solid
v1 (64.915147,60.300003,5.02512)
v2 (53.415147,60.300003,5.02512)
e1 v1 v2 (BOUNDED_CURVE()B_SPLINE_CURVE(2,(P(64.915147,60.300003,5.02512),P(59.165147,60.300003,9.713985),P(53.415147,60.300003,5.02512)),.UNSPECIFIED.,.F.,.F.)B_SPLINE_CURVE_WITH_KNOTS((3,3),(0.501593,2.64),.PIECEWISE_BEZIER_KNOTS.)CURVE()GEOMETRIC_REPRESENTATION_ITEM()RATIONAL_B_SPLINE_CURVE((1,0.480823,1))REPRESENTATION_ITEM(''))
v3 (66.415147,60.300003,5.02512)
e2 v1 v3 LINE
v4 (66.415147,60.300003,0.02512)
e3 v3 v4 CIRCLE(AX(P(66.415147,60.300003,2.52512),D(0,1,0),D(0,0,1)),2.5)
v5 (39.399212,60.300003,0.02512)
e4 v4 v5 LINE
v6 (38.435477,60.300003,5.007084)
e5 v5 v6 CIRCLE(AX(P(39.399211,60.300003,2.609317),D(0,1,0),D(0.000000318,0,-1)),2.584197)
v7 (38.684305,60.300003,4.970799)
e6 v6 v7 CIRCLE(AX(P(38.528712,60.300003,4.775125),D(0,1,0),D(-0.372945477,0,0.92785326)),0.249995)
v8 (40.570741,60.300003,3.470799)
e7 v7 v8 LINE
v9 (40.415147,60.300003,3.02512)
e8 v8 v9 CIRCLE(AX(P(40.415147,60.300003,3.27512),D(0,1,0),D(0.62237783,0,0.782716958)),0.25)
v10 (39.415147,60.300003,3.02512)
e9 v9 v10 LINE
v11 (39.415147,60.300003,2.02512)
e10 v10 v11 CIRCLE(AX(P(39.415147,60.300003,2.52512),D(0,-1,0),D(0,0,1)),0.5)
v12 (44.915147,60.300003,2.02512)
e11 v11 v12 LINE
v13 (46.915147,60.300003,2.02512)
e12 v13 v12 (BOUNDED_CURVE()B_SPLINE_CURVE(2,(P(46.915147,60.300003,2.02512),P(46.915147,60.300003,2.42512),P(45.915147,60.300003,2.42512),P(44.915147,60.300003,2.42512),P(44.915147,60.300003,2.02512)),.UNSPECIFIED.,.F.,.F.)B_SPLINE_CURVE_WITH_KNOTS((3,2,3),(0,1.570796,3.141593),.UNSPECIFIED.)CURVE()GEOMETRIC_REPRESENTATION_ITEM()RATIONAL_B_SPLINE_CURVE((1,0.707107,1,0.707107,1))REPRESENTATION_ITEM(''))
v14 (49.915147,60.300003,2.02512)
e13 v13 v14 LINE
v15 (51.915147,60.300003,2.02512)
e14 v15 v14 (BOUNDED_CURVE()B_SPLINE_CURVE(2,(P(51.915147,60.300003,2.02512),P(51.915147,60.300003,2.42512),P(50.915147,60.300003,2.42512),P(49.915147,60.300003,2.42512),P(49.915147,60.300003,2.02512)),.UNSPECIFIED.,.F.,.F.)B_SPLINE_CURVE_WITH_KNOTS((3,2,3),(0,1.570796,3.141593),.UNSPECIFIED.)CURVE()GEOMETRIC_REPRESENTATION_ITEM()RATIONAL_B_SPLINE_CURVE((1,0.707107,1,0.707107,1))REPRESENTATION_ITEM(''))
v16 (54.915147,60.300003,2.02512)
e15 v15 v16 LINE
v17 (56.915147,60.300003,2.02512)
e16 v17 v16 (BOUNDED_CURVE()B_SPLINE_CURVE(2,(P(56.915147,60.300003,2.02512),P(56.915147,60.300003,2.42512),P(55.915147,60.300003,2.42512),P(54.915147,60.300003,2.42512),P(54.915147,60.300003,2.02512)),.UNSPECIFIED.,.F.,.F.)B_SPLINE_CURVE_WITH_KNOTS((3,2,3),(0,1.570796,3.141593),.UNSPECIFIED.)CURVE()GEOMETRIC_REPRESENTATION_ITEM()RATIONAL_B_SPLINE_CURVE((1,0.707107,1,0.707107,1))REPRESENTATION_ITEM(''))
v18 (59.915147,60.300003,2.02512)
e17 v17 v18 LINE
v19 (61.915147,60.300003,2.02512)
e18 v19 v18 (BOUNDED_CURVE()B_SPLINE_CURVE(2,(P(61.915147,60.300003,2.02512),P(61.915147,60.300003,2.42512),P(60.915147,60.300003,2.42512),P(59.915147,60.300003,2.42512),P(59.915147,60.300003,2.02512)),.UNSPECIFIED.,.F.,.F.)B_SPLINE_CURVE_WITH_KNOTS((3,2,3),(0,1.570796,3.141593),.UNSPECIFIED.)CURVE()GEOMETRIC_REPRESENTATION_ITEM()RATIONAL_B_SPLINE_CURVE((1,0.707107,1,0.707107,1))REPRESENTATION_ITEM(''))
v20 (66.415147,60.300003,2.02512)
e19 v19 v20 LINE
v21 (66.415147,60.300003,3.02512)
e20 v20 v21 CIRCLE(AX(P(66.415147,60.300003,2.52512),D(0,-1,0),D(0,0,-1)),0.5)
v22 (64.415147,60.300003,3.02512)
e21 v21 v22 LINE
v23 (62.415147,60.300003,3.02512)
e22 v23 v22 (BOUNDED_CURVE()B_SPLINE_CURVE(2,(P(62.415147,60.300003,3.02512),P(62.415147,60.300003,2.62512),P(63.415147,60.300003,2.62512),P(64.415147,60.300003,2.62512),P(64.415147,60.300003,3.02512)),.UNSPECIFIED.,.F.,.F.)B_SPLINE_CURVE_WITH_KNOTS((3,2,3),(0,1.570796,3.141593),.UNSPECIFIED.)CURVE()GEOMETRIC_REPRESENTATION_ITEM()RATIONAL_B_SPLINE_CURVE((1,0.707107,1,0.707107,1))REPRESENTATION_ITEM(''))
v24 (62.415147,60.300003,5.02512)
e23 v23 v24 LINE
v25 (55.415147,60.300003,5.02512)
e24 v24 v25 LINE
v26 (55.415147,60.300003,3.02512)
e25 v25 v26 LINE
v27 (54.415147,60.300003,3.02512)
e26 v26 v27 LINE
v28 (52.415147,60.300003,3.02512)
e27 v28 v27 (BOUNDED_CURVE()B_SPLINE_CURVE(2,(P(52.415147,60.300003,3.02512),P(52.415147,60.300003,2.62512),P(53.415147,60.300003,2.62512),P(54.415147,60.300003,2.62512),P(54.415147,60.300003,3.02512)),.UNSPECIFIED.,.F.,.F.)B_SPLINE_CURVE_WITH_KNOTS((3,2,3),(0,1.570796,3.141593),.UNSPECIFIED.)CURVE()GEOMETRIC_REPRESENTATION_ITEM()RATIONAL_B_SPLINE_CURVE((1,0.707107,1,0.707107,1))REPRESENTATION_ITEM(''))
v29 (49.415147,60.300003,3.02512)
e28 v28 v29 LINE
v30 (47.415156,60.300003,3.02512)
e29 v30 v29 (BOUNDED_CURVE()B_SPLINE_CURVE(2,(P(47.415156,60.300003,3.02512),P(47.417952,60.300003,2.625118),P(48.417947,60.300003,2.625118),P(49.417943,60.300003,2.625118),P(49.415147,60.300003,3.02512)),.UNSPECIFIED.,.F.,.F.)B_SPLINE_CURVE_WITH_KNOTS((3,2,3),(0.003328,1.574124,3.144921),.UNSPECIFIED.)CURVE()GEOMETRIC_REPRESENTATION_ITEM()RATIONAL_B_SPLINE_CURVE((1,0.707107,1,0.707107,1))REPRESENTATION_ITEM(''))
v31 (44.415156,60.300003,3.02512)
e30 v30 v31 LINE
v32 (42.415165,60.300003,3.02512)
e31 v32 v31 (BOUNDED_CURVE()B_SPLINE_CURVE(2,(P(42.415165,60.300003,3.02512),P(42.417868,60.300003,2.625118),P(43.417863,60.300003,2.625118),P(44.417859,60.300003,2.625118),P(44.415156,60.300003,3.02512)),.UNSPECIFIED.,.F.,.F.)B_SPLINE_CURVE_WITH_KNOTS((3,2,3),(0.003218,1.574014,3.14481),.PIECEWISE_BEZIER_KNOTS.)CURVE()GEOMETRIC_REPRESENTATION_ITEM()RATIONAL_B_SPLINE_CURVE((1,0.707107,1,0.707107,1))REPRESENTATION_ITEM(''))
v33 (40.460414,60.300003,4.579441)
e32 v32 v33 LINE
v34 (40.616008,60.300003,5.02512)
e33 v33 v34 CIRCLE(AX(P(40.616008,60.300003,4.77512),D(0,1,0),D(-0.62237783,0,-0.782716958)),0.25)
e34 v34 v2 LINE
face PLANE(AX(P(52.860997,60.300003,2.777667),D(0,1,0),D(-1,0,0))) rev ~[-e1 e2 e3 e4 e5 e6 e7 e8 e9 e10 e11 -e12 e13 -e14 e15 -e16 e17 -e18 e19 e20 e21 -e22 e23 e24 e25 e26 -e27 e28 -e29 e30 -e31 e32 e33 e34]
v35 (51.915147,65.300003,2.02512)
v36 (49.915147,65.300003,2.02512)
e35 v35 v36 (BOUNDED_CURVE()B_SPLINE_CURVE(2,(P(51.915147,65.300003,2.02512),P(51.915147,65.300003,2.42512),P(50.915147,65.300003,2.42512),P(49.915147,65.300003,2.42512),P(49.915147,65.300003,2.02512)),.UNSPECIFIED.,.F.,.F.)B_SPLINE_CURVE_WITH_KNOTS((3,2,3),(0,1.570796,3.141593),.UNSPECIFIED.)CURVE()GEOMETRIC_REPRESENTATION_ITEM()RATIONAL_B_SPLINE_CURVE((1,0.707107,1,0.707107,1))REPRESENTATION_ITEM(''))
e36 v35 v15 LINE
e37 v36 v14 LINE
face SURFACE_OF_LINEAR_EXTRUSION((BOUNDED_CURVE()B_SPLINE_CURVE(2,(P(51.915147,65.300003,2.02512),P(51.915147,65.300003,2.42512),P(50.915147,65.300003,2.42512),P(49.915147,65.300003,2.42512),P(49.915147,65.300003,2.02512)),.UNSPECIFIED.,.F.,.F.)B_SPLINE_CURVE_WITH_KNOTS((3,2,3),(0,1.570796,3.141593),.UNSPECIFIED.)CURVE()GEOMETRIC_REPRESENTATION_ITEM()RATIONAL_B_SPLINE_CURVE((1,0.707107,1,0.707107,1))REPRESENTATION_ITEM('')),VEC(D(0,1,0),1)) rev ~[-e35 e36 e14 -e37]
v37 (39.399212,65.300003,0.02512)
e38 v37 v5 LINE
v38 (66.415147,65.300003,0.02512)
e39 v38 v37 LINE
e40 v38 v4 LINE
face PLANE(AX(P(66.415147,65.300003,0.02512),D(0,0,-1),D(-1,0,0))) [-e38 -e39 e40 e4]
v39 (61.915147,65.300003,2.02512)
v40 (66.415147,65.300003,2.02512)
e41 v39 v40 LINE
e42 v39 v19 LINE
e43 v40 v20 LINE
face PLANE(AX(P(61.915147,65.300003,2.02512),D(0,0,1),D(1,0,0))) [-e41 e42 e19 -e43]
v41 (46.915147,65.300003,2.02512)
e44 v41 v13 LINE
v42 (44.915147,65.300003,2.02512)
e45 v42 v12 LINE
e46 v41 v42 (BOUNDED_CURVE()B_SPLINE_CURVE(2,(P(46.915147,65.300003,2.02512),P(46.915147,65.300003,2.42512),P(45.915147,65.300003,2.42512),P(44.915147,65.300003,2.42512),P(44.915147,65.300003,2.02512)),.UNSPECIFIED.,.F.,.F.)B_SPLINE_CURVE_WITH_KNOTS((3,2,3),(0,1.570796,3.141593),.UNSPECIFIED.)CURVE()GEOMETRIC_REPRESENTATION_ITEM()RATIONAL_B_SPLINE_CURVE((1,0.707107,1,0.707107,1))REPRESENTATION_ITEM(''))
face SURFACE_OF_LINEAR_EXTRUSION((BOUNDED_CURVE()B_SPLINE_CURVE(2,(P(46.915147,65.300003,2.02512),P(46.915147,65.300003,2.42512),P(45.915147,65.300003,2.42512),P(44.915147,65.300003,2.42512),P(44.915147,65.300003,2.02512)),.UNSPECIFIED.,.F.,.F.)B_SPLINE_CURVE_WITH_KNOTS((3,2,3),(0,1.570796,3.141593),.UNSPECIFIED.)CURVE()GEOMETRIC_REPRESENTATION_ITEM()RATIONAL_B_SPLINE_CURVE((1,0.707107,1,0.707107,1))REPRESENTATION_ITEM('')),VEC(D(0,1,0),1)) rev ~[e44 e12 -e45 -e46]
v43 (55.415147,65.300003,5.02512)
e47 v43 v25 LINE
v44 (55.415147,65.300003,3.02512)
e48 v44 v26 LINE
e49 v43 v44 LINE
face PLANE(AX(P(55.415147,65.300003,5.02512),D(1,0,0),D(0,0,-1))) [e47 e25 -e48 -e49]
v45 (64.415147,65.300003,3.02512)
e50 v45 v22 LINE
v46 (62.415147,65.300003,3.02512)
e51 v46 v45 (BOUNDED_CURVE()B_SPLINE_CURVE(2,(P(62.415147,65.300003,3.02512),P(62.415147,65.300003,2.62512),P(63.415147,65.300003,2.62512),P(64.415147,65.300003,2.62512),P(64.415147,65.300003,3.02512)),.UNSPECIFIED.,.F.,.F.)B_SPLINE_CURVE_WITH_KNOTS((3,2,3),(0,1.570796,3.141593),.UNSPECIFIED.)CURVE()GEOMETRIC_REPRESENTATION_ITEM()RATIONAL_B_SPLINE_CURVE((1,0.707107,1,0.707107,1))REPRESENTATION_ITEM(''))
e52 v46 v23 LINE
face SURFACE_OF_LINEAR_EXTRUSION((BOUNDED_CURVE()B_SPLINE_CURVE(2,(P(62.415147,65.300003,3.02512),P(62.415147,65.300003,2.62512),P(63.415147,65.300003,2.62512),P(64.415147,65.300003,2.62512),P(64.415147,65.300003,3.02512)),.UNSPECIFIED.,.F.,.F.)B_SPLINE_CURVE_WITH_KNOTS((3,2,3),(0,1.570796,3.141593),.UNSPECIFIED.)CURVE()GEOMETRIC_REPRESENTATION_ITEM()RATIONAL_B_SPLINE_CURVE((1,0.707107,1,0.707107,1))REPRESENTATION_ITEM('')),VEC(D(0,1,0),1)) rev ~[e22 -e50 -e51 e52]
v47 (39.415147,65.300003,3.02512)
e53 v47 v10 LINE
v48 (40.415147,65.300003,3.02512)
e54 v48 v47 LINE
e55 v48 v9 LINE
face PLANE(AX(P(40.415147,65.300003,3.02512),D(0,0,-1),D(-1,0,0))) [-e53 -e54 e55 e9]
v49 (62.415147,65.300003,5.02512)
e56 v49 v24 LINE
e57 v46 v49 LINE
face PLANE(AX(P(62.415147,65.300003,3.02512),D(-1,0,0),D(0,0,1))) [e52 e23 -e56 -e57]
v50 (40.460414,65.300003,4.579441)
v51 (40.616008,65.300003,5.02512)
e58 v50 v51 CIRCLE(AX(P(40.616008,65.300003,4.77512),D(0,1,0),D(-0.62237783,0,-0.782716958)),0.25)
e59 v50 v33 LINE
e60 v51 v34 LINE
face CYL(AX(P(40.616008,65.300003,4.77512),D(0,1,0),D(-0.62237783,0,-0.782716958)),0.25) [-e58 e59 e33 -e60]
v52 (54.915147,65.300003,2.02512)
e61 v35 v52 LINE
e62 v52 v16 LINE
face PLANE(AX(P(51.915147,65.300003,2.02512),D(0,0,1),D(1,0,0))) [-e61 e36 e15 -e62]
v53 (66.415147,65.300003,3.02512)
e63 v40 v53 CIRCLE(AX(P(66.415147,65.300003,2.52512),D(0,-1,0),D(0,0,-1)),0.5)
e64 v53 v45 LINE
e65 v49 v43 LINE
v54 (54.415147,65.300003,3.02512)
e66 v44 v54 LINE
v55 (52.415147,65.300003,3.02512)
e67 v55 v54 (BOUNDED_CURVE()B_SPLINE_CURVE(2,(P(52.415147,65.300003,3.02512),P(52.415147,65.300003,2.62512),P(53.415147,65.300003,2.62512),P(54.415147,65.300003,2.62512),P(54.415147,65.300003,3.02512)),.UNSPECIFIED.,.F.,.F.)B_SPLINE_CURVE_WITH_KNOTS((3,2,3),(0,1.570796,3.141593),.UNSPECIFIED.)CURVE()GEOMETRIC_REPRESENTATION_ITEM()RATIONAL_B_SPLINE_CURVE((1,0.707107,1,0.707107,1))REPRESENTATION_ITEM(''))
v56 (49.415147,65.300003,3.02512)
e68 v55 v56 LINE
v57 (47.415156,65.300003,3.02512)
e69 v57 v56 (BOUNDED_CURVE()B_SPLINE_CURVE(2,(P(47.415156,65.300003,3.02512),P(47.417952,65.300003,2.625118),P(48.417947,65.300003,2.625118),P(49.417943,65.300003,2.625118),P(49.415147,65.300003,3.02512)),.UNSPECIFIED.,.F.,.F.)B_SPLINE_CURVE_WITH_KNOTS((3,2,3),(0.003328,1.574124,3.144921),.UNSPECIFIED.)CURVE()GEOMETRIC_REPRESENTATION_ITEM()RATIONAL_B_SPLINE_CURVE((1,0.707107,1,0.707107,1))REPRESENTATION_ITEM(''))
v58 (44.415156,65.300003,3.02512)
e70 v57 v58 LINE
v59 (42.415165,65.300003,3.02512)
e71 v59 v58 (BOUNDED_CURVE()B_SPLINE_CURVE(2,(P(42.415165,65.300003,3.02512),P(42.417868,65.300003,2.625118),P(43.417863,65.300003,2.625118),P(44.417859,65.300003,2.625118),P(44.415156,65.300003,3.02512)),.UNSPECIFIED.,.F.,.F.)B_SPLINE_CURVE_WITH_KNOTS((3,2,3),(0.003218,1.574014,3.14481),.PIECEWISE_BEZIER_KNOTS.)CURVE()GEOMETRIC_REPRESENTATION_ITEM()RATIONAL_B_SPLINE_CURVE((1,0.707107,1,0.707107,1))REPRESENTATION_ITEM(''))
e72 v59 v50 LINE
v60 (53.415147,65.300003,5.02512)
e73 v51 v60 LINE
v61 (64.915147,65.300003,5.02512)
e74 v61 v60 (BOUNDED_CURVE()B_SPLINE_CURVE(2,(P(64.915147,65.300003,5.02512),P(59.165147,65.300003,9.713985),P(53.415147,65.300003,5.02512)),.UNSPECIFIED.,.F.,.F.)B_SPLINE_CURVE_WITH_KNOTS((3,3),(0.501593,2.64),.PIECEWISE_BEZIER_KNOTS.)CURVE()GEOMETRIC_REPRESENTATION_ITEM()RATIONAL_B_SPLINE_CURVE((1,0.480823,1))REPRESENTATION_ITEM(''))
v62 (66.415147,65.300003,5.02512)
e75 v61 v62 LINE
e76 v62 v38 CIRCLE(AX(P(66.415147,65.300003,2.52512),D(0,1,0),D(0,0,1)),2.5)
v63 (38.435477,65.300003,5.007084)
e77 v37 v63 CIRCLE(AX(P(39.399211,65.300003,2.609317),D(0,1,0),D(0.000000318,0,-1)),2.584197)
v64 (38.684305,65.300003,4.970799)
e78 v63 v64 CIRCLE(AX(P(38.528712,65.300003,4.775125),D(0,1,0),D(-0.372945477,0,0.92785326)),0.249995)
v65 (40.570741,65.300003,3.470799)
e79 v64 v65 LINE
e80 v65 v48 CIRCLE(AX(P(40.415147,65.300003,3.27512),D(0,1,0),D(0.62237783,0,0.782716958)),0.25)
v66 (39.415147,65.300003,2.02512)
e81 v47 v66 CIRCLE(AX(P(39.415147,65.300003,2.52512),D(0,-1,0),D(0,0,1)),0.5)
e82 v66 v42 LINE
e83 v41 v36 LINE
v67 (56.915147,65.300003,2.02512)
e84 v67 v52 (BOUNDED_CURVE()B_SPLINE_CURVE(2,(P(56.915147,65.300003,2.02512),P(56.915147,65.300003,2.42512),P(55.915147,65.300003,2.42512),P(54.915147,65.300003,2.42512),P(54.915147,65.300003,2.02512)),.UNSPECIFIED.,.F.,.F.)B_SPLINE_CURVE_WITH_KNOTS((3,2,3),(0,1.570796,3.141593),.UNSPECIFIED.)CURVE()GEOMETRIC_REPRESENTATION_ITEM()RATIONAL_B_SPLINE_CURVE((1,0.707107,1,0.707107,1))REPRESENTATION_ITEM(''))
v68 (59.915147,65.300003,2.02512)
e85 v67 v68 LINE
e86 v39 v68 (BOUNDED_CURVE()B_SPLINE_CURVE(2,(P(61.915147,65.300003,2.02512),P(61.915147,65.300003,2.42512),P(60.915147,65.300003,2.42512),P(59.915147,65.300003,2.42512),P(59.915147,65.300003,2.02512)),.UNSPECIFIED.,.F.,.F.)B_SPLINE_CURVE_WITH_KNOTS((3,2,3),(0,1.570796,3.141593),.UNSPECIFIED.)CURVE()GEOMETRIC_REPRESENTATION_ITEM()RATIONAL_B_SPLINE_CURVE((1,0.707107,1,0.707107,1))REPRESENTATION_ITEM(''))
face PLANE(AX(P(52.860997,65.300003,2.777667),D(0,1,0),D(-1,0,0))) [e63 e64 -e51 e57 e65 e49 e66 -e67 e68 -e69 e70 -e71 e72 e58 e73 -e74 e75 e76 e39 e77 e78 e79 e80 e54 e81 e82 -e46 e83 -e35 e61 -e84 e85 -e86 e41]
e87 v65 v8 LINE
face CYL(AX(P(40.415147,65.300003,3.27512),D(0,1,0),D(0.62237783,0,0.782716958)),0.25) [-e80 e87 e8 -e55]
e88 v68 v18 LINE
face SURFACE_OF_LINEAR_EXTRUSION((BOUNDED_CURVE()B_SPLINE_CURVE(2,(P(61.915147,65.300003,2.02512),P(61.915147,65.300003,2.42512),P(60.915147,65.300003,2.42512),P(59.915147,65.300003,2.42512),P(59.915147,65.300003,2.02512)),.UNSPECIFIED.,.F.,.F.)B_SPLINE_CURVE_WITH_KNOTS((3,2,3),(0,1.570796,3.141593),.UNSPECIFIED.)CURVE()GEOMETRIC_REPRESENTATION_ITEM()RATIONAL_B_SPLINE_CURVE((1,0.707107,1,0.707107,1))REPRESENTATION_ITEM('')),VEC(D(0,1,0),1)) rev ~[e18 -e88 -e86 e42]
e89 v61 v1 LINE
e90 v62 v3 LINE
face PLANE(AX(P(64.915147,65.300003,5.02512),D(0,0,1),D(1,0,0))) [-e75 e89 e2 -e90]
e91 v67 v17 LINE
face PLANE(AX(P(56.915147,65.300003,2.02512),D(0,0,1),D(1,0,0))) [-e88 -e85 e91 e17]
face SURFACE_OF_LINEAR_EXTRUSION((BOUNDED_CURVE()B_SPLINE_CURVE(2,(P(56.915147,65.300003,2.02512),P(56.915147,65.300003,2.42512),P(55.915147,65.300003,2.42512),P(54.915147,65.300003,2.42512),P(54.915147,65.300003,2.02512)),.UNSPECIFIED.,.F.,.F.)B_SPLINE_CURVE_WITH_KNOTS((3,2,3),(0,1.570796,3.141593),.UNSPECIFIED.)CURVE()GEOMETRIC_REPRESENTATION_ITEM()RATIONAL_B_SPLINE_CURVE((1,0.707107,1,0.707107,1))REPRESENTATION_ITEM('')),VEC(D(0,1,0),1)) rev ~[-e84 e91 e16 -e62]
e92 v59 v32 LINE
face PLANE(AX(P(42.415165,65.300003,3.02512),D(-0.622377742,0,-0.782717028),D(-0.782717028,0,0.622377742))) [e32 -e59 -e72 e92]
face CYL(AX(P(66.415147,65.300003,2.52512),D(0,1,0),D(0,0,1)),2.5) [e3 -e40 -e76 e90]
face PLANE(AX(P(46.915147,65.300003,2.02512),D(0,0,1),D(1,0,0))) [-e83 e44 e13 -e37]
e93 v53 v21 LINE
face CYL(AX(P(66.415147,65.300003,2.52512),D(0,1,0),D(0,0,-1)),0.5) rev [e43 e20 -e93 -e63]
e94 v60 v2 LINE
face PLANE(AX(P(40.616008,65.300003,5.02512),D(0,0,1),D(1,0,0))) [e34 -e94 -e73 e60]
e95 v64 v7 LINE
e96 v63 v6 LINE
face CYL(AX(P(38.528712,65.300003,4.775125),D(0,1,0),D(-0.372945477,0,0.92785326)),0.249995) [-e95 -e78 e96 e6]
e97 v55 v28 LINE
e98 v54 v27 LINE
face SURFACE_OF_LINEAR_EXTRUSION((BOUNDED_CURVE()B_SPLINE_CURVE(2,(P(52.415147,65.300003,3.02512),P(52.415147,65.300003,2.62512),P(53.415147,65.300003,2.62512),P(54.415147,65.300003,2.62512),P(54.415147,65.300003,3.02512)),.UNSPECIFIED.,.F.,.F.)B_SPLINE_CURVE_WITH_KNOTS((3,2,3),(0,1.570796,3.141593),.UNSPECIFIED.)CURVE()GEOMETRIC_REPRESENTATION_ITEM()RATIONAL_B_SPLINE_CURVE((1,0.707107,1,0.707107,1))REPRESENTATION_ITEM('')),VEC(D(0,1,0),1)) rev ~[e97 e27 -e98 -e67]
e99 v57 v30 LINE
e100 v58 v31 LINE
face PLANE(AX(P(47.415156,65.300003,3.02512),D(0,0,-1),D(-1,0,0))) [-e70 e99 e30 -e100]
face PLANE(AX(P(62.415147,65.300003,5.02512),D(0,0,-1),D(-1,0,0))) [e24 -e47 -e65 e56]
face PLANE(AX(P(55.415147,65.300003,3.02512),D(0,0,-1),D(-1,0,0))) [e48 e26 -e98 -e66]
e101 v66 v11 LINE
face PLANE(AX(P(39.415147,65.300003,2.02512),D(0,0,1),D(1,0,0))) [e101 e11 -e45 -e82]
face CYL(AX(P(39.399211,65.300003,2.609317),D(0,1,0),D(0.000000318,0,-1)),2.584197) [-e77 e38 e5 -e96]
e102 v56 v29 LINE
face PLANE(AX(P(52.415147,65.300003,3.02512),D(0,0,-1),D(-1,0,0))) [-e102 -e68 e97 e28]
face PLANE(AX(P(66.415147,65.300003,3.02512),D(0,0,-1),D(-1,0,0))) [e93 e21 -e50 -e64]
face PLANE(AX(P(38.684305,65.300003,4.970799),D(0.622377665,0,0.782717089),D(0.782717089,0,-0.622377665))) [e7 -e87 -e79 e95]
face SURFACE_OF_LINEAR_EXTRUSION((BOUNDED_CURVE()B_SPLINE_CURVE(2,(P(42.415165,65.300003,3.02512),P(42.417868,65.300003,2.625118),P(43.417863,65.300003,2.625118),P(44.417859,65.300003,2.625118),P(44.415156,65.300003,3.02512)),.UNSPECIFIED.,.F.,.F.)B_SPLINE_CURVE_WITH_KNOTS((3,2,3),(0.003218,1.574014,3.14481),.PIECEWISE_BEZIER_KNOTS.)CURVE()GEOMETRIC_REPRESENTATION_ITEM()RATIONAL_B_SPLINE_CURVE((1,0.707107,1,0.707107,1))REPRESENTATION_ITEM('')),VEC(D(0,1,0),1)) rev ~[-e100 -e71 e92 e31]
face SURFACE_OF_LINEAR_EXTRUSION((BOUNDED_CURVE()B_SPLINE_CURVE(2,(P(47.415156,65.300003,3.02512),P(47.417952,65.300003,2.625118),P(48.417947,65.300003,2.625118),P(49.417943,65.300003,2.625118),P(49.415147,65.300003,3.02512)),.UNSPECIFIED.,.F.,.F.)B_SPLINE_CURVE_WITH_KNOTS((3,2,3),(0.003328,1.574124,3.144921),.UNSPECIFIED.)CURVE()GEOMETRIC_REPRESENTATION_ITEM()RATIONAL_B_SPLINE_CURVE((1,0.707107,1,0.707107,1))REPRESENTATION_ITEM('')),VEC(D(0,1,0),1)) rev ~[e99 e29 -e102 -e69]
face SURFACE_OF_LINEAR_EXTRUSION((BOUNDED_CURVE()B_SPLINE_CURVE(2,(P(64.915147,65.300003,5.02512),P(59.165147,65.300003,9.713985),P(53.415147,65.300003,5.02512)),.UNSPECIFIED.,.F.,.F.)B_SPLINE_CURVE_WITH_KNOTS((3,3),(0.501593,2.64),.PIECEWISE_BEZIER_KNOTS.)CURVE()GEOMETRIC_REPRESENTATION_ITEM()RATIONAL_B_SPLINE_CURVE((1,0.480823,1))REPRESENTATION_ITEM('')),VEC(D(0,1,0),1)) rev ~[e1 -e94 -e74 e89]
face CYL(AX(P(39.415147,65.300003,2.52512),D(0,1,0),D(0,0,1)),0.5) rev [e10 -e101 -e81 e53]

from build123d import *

# Parameters (mm, degrees)
PAD_DEPTH = 5


with BuildPart() as part:
    # Sketch → Pad (new body)
    with BuildSketch(Plane.XZ.offset(-65.300003)):
        with BuildLine():
            Line((62.415147, 3.02512), (62.415147, 5.02512))
            Line((62.415147, 5.02512), (55.415147, 5.02512))
            Line((55.415147, 5.02512), (55.415147, 3.02512))
            Line((55.415147, 3.02512), (54.415147, 3.02512))
            add(Edge.make_bspline(
                [(52.415147, 3.02512), (52.415147, 2.62512), (53.415147, 2.62512), (54.415147, 2.62512), (54.415147, 3.02512)],
                knots=[0, 0, 0, 1.570796, 1.570796, 3.141593, 3.141593, 3.141593], degree=2, weights=[1, 0.707107, 1, 0.707107, 1]))
            Line((52.415147, 3.02512), (49.415147, 3.02512))
            add(Edge.make_bspline(
                [(47.415156, 3.02512), (47.417952, 2.625118), (48.417947, 2.625118), (49.417943, 2.625118), (49.415147, 3.02512)],
                knots=[0.003328, 0.003328, 0.003328, 1.574124, 1.574124, 3.144921, 3.144921, 3.144921], degree=2, weights=[1, 0.707107, 1, 0.707107, 1]))
            Line((47.415156, 3.02512), (44.415156, 3.02512))
            add(Edge.make_bspline(
                [(42.415165, 3.02512), (42.417868, 2.625118), (43.417863, 2.625118), (44.417859, 2.625118), (44.415156, 3.02512)],
                knots=[0.003218, 0.003218, 0.003218, 1.574014, 1.574014, 3.14481, 3.14481, 3.14481], degree=2, weights=[1, 0.707107, 1, 0.707107, 1]))
            Line((42.415165, 3.02512), (40.460414, 4.579441))
            ThreePointArc((40.460414, 4.579441), (40.379979, 4.857522), (40.616008, 5.02512))
            Line((40.616008, 5.02512), (53.415147, 5.02512))
            add(Edge.make_bspline(
                [(64.915147, 5.02512), (59.165147, 9.713985), (53.415147, 5.02512)],
                knots=[0.501593, 0.501593, 0.501593, 2.64, 2.64, 2.64], degree=2, weights=[1, 0.480823, 1]))
            Line((64.915147, 5.02512), (66.415147, 5.02512))
            ThreePointArc((66.415147, 5.02512), (68.915147, 2.52512), (66.415147, 0.02512))
            Line((66.415147, 0.02512), (39.399212, 0.02512))
            ThreePointArc((39.399212, 0.02512), (36.86205, 2.118516), (38.435477, 5.007084))
            ThreePointArc((38.435477, 5.007084), (38.564785, 5.022504), (38.684305, 4.970799))
            Line((38.684305, 4.970799), (40.570741, 3.470799))
            ThreePointArc((40.570741, 3.470799), (40.651176, 3.192718), (40.415147, 3.02512))
            Line((40.415147, 3.02512), (39.415147, 3.02512))
            ThreePointArc((39.415147, 3.02512), (38.915147, 2.52512), (39.415147, 2.02512))
            Line((39.415147, 2.02512), (41.784904, 2.02512))
            Line((41.784904, 2.02512), (44.915147, 2.02512))
            add(Edge.make_bspline(
                [(46.915147, 2.02512), (46.915147, 2.42512), (45.915147, 2.42512), (44.915147, 2.42512), (44.915147, 2.02512)],
                knots=[0, 0, 0, 1.570796, 1.570796, 3.141593, 3.141593, 3.141593], degree=2, weights=[1, 0.707107, 1, 0.707107, 1]))
            Line((46.915147, 2.02512), (49.915147, 2.02512))
            add(Edge.make_bspline(
                [(51.915147, 2.02512), (51.915147, 2.42512), (50.915147, 2.42512), (49.915147, 2.42512), (49.915147, 2.02512)],
                knots=[0, 0, 0, 1.570796, 1.570796, 3.141593, 3.141593, 3.141593], degree=2, weights=[1, 0.707107, 1, 0.707107, 1]))
            Line((51.915147, 2.02512), (54.915147, 2.02512))
            add(Edge.make_bspline(
                [(56.915147, 2.02512), (56.915147, 2.42512), (55.915147, 2.42512), (54.915147, 2.42512), (54.915147, 2.02512)],
                knots=[0, 0, 0, 1.570796, 1.570796, 3.141593, 3.141593, 3.141593], degree=2, weights=[1, 0.707107, 1, 0.707107, 1]))
            Line((56.915147, 2.02512), (59.915147, 2.02512))
            add(Edge.make_bspline(
                [(61.915147, 2.02512), (61.915147, 2.42512), (60.915147, 2.42512), (59.915147, 2.42512), (59.915147, 2.02512)],
                knots=[0, 0, 0, 1.570796, 1.570796, 3.141593, 3.141593, 3.141593], degree=2, weights=[1, 0.707107, 1, 0.707107, 1]))
            Line((61.915147, 2.02512), (66.415147, 2.02512))
            ThreePointArc((66.415147, 2.02512), (66.915147, 2.52512), (66.415147, 3.02512))
            Line((66.415147, 3.02512), (64.415147, 3.02512))
            add(Edge.make_bspline(
                [(62.415147, 3.02512), (62.415147, 2.62512), (63.415147, 2.62512), (64.415147, 2.62512), (64.415147, 3.02512)],
                knots=[0, 0, 0, 1.570796, 1.570796, 3.141593, 3.141593, 3.141593], degree=2, weights=[1, 0.707107, 1, 0.707107, 1]))
        make_face()
    extrude(amount=PAD_DEPTH)


solid = part.part
